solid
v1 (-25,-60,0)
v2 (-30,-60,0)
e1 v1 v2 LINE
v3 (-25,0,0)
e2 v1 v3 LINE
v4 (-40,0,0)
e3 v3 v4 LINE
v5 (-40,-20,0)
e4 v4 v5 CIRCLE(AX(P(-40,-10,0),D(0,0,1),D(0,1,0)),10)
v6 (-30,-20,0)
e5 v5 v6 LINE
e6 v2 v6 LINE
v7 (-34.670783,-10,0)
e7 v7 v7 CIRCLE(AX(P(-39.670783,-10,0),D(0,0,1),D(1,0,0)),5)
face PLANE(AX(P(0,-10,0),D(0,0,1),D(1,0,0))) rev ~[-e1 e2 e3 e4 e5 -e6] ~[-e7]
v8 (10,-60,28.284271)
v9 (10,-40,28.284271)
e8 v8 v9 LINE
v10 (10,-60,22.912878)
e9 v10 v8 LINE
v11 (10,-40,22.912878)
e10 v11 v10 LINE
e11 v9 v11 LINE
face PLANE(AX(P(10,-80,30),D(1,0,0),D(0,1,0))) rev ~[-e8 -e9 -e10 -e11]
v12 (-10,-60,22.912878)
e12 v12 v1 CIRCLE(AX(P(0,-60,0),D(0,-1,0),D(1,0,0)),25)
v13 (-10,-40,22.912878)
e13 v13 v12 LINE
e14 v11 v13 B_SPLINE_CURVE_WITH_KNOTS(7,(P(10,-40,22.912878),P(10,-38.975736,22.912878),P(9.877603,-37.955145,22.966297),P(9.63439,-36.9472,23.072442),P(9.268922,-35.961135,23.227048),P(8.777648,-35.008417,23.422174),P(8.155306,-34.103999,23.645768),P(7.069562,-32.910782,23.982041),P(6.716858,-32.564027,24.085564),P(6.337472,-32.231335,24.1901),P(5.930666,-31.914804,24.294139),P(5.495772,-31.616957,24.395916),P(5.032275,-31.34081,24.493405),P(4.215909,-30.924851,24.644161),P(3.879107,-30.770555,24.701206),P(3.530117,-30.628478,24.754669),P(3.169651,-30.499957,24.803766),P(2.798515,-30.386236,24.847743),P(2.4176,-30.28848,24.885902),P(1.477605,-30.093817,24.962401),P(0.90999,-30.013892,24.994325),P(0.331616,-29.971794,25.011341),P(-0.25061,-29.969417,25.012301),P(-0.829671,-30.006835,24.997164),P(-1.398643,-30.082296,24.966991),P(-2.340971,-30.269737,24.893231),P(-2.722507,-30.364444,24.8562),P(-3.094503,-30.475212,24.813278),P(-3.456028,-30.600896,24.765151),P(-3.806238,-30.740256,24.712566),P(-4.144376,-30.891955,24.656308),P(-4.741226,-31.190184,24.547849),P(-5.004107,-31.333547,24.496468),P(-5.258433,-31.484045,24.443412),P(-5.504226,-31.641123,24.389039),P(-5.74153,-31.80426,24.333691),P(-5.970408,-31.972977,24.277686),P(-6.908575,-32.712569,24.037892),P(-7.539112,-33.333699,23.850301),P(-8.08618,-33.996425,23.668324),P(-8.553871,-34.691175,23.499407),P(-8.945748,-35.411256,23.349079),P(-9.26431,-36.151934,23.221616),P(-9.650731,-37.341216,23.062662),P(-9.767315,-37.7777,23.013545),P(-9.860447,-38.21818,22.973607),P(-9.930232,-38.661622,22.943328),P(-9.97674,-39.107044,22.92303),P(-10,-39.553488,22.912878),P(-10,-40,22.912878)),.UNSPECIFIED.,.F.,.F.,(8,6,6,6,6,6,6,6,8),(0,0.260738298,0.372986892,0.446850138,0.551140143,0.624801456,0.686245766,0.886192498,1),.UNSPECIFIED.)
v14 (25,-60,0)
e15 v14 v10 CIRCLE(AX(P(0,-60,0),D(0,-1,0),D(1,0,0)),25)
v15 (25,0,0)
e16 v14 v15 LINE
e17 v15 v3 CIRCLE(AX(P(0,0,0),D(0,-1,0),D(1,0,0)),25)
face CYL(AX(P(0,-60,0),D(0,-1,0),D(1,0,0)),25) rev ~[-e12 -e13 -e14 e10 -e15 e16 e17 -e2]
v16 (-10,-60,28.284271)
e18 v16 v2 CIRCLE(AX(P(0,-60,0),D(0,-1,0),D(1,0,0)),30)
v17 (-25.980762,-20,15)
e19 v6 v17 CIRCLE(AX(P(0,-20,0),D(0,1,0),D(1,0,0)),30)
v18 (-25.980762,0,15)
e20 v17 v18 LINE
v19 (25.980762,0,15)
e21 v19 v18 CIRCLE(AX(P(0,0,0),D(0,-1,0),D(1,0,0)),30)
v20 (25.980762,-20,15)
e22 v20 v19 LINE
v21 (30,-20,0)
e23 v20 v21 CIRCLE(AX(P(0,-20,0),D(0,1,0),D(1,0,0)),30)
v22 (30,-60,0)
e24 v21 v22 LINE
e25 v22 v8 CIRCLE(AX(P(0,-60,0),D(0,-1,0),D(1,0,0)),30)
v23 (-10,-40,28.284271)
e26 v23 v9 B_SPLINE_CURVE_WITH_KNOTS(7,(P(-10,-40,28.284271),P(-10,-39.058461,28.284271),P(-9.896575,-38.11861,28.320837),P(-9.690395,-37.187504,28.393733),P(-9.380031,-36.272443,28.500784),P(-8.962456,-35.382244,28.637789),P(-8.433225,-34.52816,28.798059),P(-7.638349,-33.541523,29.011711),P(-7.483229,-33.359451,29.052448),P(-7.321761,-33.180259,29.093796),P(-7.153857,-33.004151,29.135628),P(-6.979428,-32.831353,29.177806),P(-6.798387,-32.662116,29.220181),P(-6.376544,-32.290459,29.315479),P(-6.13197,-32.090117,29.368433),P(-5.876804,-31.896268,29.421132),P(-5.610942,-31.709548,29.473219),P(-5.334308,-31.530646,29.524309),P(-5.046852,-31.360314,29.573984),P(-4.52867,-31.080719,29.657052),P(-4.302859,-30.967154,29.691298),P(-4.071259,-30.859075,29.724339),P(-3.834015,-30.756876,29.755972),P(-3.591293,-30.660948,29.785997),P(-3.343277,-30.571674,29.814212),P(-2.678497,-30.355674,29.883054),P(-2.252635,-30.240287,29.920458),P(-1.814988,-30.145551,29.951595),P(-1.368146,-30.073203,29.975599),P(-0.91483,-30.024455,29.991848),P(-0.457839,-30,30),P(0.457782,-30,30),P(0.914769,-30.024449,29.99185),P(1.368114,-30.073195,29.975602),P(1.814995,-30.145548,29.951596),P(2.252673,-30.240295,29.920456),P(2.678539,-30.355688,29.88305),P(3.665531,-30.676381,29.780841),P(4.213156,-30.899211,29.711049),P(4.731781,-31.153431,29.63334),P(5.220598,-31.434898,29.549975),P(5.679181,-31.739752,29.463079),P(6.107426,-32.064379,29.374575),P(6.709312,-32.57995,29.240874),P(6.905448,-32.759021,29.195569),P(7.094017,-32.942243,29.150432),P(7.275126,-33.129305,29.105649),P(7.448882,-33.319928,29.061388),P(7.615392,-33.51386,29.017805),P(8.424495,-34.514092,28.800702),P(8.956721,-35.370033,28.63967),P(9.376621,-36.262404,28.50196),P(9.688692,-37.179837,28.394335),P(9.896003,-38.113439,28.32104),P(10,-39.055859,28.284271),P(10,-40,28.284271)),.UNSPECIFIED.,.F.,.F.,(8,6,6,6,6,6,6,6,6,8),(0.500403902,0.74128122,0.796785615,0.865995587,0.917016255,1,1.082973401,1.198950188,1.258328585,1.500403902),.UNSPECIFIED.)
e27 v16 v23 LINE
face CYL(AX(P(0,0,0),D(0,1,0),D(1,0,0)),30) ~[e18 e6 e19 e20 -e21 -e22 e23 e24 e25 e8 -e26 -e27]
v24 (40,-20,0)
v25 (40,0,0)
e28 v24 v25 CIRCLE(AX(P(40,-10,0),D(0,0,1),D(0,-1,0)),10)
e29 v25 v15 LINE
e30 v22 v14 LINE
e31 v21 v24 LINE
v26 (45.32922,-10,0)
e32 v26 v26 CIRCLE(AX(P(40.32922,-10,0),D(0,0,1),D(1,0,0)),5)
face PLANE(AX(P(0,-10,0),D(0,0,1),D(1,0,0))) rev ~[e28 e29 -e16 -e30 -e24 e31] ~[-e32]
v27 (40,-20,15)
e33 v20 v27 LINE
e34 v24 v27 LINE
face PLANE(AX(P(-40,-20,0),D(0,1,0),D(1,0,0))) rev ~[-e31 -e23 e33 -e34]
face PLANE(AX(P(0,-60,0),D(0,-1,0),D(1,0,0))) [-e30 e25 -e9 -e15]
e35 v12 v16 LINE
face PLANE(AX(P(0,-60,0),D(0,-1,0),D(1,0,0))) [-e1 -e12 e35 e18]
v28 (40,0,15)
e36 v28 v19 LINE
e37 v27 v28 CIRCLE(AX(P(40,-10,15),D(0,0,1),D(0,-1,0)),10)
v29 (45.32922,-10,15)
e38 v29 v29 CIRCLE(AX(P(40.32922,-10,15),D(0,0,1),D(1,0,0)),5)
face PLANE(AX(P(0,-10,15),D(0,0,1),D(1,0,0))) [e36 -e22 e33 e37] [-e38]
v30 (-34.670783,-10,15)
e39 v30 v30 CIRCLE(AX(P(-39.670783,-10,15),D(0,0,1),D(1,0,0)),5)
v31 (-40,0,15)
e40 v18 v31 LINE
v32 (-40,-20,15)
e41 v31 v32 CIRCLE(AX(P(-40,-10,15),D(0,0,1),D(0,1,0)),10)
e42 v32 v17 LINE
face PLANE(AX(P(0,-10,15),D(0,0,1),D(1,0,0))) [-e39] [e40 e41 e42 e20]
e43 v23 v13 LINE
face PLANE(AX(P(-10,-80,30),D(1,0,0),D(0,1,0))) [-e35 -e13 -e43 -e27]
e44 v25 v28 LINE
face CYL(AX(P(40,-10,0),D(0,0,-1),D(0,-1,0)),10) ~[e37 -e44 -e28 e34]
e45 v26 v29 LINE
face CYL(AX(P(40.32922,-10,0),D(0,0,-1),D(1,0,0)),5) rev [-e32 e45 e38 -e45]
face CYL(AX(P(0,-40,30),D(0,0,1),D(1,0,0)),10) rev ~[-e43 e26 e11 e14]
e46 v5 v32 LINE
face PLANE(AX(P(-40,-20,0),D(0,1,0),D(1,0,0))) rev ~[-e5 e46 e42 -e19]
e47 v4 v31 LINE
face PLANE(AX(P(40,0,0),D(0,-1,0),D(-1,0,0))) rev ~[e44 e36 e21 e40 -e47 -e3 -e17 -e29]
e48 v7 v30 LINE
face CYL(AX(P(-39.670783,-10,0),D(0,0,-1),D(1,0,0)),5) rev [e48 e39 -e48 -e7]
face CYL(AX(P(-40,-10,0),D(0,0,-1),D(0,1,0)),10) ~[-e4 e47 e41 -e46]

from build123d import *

# Parameters (mm, degrees)
F0_R      = 30
F1_DEPTH  = 60
F3_DEPTH  = 60
F4_R      = 5
F5_DEPTH  = 15
F7_DEPTH  = 60
F10_W     = 20
F10_H     = 40
F11_DEPTH = 25


with BuildPart() as f1:
    # F0 (on Front) → F1 (new body)
    with BuildSketch(Plane.XZ):
        Circle(F0_R)
    extrude(amount=F1_DEPTH)

    # F2 (on face) → F3 (cut, through all)
    with BuildSketch(Plane.XZ.offset(60)):
        with BuildLine():
            Line((30, 0), (-30, 0))
            ThreePointArc((-30, 0), (0, -30), (30, 0))
        make_face()
    extrude(amount=-F3_DEPTH, mode=Mode.SUBTRACT)

    # F4 (on Top) → F5 (join)
    with BuildSketch(Plane.XY):
        with BuildLine():
            Line((40, 0), (-40, 0))
            ThreePointArc((-40, 0), (-50, -10), (-40, -20))
            Line((-40, -20), (40, -20))
            ThreePointArc((40, -20), (50, -10), (40, 0))
        make_face()
        with Locations((-39.6707831735, -10)):
            Circle(F4_R, mode=Mode.SUBTRACT)
        with Locations((40.3292197076, -10)):
            Circle(F4_R, mode=Mode.SUBTRACT)
    extrude(amount=F5_DEPTH)

    # F6 (on face) → F7 (cut, through all)
    with BuildSketch(Plane.XZ.offset(60)):
        with BuildLine():
            Line((-25, 0), (25, 0))
            ThreePointArc((25, 0), (0, 25), (-25, 0))
        make_face()
    extrude(amount=-F7_DEPTH, mode=Mode.SUBTRACT)

    # F10 (on plane+point) → F11 (cut)
    with BuildSketch(Plane.XY.offset(30)):
        with BuildLine():
            Line((-10, -40), (10, -40))
            ThreePointArc((10, -40), (0, -30), (-10, -40))
        make_face()
        with Locations((0, -60)):
            Rectangle(F10_W, F10_H)
    extrude(amount=-F11_DEPTH, mode=Mode.SUBTRACT)


solid = f1.part
